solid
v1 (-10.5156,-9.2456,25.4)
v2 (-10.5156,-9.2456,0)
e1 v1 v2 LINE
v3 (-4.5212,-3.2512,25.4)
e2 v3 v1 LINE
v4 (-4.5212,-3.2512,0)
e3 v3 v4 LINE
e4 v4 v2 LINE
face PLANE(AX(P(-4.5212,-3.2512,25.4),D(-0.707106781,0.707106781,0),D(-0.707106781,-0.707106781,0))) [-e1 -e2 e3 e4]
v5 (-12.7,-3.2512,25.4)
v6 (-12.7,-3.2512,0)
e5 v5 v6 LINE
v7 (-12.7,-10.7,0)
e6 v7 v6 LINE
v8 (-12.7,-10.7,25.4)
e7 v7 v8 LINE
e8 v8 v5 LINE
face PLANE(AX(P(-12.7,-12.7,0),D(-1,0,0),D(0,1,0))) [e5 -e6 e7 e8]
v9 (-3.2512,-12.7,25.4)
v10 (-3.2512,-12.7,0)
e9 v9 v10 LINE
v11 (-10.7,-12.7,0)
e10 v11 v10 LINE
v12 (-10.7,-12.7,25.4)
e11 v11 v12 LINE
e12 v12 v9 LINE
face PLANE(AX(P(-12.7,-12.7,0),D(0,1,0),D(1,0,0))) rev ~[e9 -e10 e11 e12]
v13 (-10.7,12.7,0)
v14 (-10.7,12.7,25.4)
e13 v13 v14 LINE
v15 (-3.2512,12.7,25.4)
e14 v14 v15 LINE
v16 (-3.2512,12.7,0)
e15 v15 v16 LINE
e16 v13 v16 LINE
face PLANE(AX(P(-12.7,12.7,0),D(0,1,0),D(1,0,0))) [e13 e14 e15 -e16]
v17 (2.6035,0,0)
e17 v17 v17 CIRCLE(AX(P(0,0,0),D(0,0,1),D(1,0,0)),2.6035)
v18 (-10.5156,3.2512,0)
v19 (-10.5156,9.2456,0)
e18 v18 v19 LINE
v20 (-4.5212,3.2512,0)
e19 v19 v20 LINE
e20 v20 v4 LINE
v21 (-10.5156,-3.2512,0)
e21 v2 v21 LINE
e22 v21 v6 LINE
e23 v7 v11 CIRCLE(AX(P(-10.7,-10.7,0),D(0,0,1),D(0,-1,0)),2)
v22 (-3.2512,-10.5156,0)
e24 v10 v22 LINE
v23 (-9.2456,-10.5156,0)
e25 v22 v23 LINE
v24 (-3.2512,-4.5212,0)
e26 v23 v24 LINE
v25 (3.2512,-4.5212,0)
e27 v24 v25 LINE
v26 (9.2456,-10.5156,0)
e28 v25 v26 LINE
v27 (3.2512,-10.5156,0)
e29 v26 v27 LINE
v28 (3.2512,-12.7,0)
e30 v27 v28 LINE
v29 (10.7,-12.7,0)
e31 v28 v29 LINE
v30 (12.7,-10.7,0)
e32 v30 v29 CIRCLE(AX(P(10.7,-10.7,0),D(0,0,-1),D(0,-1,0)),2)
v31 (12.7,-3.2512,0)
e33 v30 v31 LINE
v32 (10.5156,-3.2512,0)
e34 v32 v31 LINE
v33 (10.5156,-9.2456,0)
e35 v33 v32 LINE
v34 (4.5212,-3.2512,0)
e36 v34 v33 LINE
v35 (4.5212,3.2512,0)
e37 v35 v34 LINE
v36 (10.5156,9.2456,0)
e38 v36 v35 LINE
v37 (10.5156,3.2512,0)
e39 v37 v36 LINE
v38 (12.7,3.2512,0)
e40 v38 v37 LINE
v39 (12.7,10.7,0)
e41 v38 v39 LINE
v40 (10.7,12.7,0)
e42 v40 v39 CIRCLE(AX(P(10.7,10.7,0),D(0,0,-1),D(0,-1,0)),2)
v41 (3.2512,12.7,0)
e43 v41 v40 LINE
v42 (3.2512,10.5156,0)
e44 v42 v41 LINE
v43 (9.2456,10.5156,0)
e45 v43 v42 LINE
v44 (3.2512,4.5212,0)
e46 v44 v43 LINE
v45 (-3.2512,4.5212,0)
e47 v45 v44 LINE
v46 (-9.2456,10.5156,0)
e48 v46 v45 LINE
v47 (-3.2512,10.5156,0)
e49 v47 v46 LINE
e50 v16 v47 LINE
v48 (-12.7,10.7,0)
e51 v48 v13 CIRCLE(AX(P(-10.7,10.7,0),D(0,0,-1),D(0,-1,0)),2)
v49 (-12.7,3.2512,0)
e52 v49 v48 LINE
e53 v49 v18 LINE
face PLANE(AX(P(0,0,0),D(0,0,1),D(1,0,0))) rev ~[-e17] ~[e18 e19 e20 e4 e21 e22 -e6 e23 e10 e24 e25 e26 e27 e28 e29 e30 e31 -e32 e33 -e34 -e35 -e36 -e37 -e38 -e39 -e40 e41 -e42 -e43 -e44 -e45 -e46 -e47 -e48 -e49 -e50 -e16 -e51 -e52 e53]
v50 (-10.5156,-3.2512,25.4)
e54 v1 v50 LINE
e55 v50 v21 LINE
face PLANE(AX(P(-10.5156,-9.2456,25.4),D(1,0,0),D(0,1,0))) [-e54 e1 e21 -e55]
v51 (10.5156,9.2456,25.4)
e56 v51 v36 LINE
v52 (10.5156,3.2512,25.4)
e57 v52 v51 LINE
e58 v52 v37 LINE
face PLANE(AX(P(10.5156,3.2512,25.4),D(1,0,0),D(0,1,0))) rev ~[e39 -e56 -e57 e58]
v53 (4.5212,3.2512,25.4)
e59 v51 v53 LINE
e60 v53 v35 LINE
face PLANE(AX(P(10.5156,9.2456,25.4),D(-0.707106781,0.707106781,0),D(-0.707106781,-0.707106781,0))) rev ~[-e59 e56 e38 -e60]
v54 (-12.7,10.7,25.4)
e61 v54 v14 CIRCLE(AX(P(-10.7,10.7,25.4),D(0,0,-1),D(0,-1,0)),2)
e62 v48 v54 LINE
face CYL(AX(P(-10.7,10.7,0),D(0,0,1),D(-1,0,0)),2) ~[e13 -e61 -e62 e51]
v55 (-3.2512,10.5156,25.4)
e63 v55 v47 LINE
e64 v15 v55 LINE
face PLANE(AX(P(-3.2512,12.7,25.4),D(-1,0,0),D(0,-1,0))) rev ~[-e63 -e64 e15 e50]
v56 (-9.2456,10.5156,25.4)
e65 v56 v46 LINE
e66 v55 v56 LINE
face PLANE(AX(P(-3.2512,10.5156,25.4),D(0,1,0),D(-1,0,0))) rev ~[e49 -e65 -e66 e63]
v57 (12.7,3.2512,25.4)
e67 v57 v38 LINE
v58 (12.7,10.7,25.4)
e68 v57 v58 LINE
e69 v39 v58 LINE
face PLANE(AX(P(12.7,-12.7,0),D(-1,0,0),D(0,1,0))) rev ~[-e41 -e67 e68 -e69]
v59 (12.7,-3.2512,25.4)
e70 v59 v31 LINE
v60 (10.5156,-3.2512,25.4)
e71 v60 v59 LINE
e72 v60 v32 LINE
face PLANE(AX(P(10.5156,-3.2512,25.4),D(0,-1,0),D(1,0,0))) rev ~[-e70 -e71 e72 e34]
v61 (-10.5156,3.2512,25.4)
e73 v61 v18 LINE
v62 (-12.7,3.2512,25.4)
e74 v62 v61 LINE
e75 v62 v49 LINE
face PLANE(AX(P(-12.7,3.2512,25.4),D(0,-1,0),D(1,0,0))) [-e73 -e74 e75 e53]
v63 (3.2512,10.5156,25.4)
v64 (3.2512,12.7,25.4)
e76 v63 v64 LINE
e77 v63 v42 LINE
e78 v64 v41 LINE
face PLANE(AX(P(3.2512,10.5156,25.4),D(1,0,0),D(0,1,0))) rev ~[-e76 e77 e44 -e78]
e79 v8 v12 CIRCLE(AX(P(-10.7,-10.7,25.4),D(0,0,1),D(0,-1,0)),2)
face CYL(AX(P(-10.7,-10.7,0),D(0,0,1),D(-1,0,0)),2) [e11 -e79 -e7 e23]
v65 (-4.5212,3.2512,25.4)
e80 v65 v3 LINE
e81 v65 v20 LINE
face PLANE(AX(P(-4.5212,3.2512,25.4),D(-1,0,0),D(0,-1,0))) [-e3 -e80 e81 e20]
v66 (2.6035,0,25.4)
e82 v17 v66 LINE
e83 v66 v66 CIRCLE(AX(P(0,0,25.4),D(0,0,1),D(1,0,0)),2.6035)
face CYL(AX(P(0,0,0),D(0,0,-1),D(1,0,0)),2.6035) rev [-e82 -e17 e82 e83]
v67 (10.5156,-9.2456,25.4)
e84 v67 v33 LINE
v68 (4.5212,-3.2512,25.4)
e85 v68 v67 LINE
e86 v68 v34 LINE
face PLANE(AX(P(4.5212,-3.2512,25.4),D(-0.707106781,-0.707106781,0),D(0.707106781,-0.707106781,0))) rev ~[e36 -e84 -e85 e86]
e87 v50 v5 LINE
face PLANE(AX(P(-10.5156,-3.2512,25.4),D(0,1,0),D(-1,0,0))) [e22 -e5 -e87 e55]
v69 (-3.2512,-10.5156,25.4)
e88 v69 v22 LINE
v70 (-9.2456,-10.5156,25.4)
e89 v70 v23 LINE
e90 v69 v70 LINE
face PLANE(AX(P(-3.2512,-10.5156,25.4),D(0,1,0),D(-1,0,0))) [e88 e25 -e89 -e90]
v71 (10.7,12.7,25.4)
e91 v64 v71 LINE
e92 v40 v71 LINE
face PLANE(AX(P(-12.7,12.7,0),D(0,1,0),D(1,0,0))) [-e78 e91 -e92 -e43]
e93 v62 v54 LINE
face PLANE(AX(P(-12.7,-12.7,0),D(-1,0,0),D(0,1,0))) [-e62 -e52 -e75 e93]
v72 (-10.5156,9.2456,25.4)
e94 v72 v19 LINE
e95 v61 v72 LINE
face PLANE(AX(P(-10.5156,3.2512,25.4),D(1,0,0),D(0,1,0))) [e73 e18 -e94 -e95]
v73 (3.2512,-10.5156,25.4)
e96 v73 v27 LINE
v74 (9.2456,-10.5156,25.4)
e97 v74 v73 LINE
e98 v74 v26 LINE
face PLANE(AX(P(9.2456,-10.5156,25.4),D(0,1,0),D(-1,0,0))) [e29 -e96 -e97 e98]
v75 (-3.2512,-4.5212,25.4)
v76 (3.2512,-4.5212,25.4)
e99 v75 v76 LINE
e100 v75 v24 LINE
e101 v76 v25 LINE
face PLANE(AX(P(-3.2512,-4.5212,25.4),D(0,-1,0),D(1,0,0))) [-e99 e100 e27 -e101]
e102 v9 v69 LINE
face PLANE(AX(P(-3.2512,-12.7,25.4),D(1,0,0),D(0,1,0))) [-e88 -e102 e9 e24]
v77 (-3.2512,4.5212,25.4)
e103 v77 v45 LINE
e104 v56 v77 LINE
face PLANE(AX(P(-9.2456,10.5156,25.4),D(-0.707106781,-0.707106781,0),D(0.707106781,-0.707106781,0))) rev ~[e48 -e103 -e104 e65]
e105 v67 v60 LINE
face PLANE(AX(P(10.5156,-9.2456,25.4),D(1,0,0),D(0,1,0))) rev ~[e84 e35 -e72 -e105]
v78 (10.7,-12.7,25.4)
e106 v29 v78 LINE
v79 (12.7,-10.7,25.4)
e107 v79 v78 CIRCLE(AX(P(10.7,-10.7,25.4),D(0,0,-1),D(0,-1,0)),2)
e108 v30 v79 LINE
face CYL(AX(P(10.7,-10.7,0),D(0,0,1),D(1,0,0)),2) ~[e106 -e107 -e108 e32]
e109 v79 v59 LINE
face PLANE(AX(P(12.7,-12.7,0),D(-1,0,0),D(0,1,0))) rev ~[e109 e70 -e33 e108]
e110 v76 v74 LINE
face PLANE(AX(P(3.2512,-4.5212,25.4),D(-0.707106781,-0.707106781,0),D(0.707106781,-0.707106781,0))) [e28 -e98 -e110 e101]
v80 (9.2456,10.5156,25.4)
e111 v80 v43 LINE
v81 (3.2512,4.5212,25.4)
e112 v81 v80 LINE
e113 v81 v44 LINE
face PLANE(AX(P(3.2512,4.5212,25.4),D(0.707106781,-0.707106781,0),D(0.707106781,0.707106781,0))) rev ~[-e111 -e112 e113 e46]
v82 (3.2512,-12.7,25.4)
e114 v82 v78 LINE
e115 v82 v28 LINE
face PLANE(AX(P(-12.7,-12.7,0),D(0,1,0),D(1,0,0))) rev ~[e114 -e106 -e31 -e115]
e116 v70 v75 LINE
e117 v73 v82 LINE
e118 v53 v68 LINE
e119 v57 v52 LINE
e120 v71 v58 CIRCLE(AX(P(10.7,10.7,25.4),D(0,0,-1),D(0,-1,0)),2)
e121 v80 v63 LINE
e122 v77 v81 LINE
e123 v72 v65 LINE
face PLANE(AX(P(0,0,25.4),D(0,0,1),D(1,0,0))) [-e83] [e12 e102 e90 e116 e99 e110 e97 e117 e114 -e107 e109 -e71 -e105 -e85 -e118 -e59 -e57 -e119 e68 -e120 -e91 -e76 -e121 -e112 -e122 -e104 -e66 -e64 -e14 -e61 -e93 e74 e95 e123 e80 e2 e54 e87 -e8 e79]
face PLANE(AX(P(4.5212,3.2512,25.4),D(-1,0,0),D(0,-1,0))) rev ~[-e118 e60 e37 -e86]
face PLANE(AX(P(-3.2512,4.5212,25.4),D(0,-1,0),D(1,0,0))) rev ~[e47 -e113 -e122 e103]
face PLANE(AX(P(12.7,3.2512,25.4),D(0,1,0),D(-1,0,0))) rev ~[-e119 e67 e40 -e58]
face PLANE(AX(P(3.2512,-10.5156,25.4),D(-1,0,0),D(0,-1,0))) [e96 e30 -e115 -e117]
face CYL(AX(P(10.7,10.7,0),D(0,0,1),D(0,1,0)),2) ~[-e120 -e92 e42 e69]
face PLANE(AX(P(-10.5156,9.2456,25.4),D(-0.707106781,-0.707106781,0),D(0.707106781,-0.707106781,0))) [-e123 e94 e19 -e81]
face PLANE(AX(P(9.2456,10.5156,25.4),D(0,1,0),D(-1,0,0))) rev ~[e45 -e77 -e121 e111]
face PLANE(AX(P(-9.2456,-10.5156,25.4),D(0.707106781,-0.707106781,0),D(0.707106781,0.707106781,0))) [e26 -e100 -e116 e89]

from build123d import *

# Parameters (mm, degrees)
SKETCH_W     = 25.4
SKETCH_H     = 25.4
SKETCH_R     = 2.6035
PAD_DEPTH    = 25.4
POCKET_DEPTH = 25.401
FILLET002_R  = 2


with BuildPart() as part:
    # Sketch → Pad (new body)
    with BuildSketch(Plane.XY):
        Rectangle(SKETCH_W, SKETCH_H)
        Circle(SKETCH_R, mode=Mode.SUBTRACT)
    extrude(amount=PAD_DEPTH)

    # Sketch001 (on Face7 of Pad) → Pocket (cut, through all)
    with BuildSketch(Plane.XY.offset(25.4)):
        Polygon((-3.2512, 4.5212), (3.2512, 4.5212), (9.2456, 10.5156), (3.2512, 10.5156), (3.2512, 12.7), (-3.2512, 12.7), (-3.2512, 10.5156), (-9.2456, 10.5156), align=None)
        Polygon((4.5212, 3.2512), (4.5212, -3.2512), (10.5156, -9.2456), (10.5156, -3.2512), (12.7, -3.2512), (12.7, 3.2512), (10.5156, 3.2512), (10.5156, 9.2456), align=None)
        Polygon((-3.2512, -4.5212), (3.2512, -4.5212), (9.2456, -10.5156), (3.2512, -10.5156), (3.2512, -12.7), (-3.2512, -12.7), (-3.2512, -10.5156), (-9.2456, -10.5156), align=None)
        Polygon((-4.5212, 3.2512), (-4.5212, -3.2512), (-10.5156, -9.2456), (-10.5156, -3.2512), (-12.7, -3.2512), (-12.7, 3.2512), (-10.5156, 3.2512), (-10.5156, 9.2456), align=None)
    extrude(amount=-POCKET_DEPTH, mode=Mode.SUBTRACT)

    # Fillet002
    fillet002_edges = [part.edges().sort_by_distance(p)[0] for p in [
        (12.7, -12.7, 12.7),
        (12.7, 12.7, 12.7),
        (-12.7, 12.7, 12.7),
        (-12.7, -12.7, 12.7),
    ]]
    fillet(fillet002_edges, radius=FILLET002_R)


solid = part.part
